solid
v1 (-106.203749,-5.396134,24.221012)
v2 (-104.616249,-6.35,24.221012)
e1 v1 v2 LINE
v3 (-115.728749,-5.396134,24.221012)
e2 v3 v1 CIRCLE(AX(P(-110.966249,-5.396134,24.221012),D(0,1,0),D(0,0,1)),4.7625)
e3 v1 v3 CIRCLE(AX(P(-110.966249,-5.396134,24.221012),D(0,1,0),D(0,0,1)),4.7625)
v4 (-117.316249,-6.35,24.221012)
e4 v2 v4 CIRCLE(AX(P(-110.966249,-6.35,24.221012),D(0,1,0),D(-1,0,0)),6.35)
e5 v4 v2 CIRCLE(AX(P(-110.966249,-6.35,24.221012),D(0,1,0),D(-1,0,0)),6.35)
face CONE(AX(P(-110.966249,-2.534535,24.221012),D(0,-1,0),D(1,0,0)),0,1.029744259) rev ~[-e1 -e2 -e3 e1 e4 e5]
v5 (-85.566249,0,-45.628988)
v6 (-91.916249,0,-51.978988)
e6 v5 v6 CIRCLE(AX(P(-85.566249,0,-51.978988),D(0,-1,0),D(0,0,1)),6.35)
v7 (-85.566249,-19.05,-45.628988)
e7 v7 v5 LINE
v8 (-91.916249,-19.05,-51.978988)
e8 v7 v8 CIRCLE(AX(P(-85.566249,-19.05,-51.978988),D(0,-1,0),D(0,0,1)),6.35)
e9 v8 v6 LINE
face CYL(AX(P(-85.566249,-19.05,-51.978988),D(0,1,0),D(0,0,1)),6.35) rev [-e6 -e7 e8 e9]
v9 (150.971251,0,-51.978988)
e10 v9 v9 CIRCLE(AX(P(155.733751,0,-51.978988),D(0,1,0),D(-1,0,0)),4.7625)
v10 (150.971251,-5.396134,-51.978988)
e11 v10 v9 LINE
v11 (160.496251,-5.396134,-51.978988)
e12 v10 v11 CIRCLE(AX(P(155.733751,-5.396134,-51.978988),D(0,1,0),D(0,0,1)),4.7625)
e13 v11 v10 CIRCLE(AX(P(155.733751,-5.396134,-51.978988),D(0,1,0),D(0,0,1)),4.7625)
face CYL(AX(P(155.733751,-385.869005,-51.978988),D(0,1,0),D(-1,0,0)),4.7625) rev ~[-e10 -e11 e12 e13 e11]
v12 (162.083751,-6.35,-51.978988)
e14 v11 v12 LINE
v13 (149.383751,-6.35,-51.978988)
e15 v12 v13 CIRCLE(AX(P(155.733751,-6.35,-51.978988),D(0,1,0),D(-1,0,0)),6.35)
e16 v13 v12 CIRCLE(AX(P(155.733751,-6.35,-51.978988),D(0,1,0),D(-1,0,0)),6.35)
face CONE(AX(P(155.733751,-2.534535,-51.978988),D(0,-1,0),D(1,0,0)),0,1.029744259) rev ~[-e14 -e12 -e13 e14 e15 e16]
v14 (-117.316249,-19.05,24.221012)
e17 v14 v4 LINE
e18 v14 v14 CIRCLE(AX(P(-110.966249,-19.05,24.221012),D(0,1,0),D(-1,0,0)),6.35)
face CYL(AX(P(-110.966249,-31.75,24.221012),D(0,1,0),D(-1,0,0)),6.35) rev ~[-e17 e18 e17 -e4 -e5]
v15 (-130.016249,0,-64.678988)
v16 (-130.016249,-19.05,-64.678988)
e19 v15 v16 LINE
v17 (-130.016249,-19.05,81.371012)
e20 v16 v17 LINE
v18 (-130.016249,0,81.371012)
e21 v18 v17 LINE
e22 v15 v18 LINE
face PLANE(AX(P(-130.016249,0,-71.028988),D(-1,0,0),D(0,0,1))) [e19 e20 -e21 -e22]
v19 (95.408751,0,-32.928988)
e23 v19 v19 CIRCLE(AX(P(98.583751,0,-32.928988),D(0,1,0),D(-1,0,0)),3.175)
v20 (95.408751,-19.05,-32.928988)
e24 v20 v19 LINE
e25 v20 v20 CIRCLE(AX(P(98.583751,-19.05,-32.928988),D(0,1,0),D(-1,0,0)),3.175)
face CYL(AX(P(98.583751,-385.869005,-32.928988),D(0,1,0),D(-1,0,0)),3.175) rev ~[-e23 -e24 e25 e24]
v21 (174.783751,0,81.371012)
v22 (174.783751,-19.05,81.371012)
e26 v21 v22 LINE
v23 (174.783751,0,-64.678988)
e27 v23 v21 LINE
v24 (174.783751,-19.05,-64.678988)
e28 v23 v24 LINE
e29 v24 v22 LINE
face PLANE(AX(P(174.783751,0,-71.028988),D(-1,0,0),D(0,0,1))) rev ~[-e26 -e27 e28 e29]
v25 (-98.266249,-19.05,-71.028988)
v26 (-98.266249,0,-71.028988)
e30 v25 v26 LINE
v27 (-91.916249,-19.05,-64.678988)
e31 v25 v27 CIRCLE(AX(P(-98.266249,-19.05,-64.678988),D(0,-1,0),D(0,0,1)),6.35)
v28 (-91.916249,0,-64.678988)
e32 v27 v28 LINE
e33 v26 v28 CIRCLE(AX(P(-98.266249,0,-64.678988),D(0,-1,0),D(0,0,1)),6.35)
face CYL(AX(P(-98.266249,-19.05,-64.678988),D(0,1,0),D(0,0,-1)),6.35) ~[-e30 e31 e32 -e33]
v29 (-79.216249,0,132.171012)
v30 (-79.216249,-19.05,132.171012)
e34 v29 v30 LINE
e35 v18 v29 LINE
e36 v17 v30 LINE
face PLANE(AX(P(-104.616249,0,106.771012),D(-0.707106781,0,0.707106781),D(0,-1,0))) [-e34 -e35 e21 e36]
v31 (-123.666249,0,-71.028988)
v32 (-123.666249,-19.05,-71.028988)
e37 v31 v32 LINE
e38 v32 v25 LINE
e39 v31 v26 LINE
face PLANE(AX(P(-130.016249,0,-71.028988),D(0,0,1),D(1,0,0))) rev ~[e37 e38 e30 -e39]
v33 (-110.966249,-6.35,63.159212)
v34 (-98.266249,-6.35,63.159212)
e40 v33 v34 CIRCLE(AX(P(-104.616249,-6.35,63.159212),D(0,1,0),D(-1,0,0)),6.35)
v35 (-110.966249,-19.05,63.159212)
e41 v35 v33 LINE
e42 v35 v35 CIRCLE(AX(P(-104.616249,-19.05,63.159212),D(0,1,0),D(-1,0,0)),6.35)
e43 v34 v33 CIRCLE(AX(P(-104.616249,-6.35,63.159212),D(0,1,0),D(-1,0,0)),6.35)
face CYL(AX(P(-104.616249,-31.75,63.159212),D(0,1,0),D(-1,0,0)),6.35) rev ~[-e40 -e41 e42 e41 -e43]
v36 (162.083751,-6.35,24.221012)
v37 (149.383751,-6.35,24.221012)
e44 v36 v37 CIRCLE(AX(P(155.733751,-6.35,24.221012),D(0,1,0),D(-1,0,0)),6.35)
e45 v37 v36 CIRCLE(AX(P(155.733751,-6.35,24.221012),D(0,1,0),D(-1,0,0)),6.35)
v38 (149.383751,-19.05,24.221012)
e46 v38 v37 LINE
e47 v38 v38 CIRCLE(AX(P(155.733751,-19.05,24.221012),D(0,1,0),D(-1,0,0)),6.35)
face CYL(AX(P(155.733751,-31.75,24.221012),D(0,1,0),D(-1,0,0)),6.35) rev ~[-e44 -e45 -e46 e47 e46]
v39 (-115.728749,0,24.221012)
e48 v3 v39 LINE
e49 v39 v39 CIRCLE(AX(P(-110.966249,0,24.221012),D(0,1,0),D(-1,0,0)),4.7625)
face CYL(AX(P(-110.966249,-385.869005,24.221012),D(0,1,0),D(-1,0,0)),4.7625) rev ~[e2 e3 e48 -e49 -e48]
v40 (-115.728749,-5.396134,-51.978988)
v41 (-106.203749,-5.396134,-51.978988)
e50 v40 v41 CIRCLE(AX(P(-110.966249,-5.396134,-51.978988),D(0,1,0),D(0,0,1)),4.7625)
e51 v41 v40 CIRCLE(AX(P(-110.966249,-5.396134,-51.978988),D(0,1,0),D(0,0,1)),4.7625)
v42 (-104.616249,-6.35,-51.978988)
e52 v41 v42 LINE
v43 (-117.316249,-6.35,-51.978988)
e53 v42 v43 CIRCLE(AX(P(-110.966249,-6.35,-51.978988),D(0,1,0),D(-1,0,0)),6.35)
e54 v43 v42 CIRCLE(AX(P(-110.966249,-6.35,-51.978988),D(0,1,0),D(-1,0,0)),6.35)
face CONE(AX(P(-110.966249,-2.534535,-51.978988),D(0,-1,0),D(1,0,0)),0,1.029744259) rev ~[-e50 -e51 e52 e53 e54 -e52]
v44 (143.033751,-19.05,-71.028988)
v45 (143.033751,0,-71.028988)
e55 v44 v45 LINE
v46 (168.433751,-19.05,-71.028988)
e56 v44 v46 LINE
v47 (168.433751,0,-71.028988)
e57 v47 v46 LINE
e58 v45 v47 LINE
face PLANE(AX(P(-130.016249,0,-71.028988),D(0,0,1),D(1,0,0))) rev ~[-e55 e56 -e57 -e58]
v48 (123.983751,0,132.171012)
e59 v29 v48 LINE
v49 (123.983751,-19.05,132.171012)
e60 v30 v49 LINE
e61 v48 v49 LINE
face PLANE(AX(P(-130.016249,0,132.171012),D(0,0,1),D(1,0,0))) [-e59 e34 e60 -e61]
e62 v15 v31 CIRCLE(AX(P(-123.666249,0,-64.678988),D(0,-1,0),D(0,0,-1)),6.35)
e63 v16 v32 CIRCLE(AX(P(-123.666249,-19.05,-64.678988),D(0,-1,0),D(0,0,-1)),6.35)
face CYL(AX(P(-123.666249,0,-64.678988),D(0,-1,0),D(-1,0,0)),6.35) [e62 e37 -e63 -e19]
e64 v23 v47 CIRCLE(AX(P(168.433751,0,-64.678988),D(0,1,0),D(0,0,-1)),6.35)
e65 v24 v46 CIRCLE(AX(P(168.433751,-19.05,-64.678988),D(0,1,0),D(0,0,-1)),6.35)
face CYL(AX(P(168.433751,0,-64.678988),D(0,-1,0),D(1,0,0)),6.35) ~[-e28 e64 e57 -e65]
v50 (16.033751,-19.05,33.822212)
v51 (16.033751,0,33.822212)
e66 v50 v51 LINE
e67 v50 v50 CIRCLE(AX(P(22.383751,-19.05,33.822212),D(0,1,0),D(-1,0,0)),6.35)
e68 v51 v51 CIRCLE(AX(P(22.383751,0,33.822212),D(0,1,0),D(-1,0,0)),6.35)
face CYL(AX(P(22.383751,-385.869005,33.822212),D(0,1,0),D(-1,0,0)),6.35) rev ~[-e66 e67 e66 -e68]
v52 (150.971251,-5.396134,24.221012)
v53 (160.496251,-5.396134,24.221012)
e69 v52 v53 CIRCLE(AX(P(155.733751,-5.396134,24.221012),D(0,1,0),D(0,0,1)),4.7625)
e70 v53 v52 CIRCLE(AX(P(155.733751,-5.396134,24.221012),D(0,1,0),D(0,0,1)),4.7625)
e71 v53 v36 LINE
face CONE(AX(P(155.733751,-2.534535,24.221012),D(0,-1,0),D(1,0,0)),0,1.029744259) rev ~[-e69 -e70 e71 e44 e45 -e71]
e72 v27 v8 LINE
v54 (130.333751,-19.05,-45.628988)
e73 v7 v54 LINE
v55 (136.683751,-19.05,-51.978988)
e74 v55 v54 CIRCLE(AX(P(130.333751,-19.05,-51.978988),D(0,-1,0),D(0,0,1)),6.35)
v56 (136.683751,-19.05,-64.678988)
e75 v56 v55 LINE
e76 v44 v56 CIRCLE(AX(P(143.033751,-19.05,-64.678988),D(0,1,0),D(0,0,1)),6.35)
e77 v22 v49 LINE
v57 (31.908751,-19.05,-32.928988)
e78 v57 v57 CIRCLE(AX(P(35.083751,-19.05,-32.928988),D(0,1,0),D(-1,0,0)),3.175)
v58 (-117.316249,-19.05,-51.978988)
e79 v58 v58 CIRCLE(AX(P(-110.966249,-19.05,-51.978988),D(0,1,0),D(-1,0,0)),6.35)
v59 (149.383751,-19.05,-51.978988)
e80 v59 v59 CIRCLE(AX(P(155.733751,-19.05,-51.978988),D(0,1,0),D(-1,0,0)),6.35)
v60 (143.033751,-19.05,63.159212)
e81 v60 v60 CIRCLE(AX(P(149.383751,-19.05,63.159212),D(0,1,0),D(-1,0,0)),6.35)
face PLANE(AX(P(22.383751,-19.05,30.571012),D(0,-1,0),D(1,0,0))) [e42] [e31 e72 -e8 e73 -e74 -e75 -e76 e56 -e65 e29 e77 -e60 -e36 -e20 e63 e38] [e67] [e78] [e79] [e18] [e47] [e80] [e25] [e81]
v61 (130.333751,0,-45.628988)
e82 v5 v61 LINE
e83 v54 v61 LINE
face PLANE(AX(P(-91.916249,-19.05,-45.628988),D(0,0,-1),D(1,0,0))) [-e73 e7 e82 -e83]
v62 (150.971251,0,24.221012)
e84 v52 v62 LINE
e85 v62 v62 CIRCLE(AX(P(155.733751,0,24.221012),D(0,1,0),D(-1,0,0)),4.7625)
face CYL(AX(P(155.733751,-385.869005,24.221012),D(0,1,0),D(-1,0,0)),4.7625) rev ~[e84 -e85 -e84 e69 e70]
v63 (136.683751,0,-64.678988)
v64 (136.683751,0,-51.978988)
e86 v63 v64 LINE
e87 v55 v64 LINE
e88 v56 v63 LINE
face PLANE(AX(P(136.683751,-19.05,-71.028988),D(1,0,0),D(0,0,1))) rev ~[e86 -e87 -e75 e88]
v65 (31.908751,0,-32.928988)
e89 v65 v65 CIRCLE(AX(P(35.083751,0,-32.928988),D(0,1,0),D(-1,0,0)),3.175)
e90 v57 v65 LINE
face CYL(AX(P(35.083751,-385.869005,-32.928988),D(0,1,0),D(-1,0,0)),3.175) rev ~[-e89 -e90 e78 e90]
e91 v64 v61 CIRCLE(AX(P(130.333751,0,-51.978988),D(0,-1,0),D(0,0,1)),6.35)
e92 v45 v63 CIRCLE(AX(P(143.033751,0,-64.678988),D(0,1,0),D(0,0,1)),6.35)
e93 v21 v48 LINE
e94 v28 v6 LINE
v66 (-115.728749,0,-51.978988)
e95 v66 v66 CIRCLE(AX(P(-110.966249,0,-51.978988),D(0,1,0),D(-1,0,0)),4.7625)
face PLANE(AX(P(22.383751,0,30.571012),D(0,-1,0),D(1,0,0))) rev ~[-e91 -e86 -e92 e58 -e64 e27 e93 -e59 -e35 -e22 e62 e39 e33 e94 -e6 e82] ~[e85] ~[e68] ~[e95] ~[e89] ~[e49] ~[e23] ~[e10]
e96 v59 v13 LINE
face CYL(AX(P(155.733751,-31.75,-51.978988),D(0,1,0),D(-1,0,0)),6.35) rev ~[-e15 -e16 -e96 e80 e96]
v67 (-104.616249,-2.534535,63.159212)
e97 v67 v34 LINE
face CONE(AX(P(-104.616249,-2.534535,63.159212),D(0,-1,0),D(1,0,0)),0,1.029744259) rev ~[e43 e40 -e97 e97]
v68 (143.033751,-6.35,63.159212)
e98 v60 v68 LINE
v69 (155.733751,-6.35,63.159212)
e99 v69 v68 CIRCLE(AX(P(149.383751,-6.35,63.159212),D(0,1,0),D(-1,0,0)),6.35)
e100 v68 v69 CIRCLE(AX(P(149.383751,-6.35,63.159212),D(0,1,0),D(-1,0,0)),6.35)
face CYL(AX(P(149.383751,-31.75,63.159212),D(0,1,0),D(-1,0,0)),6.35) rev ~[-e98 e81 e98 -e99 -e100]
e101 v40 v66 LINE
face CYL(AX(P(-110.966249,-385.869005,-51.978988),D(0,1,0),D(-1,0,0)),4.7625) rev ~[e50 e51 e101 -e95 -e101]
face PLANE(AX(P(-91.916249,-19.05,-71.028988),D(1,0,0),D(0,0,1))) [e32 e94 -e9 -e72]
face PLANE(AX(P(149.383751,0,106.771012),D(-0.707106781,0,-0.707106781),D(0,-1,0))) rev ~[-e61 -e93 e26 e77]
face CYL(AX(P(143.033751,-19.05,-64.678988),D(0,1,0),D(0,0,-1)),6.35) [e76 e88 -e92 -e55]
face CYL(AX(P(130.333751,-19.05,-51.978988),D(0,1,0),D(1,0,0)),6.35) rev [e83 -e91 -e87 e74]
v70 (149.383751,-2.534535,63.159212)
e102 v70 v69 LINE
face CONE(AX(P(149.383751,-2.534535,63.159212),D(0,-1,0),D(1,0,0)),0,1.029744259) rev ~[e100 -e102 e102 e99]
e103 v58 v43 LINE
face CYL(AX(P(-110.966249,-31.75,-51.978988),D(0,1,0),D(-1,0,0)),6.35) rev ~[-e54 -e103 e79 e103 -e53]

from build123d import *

# Parameters (mm, degrees)
F0_W     = 304.8
F0_H     = 203.2
F1_DEPTH = 19.05
F2_SIZE  = 50.8
F3_W     = 228.6
F3_H     = 25.4
F4_DEPTH = 19.05
F5_R     = 6.35
F7_D     = 6.35
F8_D     = 12.7
F8_DEPTH = 12.7
F8_TIP   = 3.8154649308
F9_D     = 9.525
F10_D    = 12.7


with BuildPart() as f1:
    # F0 (on Front) → F1 (new body)
    with BuildSketch(Plane.XZ):
        with Locations((22.3837513477, 30.5710117506)):
            Rectangle(F0_W, F0_H)
    extrude(amount=F1_DEPTH)

    # F2
    f2_edges = [f1.edges().sort_by_distance(p)[0] for p in [
        (-130.016249, -9.525, 132.171012),
        (174.783751, -9.525, 132.171012),
    ]]
    chamfer(f2_edges, length=F2_SIZE)

    # F3 (on face) → F4 (cut)
    with BuildSketch(Plane.XZ.offset(19.05)):
        with Locations((22.3837513477, -58.3289882494)):
            Rectangle(F3_W, F3_H)
    extrude(amount=-F4_DEPTH, mode=Mode.SUBTRACT)

    # F5
    f5_edges = [f1.edges().sort_by_distance(p)[0] for p in [
        (-130.016249, -9.525, -71.028988),
        (-91.916249, -9.525, -71.028988),
        (-91.916249, -9.525, -45.628988),
        (136.683751, -9.525, -71.028988),
        (174.783751, -9.525, -71.028988),
        (136.683751, -9.525, -45.628988),
    ]]
    fillet(f5_edges, radius=F5_R)

    # F7 (through all)
    with Locations(Plane.XZ.offset(19.05)):
        with Locations((98.5837513477, -32.9289882494), (35.0837513477, -32.9289882494)):
            Hole(F7_D / 2)

    # F8
    with Locations(Plane.XZ.offset(19.05)):
        with Locations((-104.6162486523, 63.1592117506), (149.3837513477, 63.1592117506), (-110.9662486523, 24.2210117506), (155.7337513477, 24.2210117506), (155.7337513477, -51.9789882494), (-110.9662486523, -51.9789882494)):
            Hole(F8_D / 2, depth=F8_DEPTH)
            with Locations((0, 0, -(F8_DEPTH + F8_TIP / 2))):  # 118° drill point
                Cone(0, F8_D / 2, F8_TIP, mode=Mode.SUBTRACT)

    # F9 (through all)
    with Locations(Plane.XZ.offset(19.05)):
        with Locations((-110.9662486523, 24.2210117506), (155.7337513477, 24.2210117506), (155.7337513477, -51.9789882494), (-110.9662486523, -51.9789882494)):
            Hole(F9_D / 2)

    # F10 (through all)
    with Locations(Plane.XZ.offset(19.05)):
        with Locations((22.3837513477, 33.8222117506)):
            Hole(F10_D / 2)


solid = f1.part
